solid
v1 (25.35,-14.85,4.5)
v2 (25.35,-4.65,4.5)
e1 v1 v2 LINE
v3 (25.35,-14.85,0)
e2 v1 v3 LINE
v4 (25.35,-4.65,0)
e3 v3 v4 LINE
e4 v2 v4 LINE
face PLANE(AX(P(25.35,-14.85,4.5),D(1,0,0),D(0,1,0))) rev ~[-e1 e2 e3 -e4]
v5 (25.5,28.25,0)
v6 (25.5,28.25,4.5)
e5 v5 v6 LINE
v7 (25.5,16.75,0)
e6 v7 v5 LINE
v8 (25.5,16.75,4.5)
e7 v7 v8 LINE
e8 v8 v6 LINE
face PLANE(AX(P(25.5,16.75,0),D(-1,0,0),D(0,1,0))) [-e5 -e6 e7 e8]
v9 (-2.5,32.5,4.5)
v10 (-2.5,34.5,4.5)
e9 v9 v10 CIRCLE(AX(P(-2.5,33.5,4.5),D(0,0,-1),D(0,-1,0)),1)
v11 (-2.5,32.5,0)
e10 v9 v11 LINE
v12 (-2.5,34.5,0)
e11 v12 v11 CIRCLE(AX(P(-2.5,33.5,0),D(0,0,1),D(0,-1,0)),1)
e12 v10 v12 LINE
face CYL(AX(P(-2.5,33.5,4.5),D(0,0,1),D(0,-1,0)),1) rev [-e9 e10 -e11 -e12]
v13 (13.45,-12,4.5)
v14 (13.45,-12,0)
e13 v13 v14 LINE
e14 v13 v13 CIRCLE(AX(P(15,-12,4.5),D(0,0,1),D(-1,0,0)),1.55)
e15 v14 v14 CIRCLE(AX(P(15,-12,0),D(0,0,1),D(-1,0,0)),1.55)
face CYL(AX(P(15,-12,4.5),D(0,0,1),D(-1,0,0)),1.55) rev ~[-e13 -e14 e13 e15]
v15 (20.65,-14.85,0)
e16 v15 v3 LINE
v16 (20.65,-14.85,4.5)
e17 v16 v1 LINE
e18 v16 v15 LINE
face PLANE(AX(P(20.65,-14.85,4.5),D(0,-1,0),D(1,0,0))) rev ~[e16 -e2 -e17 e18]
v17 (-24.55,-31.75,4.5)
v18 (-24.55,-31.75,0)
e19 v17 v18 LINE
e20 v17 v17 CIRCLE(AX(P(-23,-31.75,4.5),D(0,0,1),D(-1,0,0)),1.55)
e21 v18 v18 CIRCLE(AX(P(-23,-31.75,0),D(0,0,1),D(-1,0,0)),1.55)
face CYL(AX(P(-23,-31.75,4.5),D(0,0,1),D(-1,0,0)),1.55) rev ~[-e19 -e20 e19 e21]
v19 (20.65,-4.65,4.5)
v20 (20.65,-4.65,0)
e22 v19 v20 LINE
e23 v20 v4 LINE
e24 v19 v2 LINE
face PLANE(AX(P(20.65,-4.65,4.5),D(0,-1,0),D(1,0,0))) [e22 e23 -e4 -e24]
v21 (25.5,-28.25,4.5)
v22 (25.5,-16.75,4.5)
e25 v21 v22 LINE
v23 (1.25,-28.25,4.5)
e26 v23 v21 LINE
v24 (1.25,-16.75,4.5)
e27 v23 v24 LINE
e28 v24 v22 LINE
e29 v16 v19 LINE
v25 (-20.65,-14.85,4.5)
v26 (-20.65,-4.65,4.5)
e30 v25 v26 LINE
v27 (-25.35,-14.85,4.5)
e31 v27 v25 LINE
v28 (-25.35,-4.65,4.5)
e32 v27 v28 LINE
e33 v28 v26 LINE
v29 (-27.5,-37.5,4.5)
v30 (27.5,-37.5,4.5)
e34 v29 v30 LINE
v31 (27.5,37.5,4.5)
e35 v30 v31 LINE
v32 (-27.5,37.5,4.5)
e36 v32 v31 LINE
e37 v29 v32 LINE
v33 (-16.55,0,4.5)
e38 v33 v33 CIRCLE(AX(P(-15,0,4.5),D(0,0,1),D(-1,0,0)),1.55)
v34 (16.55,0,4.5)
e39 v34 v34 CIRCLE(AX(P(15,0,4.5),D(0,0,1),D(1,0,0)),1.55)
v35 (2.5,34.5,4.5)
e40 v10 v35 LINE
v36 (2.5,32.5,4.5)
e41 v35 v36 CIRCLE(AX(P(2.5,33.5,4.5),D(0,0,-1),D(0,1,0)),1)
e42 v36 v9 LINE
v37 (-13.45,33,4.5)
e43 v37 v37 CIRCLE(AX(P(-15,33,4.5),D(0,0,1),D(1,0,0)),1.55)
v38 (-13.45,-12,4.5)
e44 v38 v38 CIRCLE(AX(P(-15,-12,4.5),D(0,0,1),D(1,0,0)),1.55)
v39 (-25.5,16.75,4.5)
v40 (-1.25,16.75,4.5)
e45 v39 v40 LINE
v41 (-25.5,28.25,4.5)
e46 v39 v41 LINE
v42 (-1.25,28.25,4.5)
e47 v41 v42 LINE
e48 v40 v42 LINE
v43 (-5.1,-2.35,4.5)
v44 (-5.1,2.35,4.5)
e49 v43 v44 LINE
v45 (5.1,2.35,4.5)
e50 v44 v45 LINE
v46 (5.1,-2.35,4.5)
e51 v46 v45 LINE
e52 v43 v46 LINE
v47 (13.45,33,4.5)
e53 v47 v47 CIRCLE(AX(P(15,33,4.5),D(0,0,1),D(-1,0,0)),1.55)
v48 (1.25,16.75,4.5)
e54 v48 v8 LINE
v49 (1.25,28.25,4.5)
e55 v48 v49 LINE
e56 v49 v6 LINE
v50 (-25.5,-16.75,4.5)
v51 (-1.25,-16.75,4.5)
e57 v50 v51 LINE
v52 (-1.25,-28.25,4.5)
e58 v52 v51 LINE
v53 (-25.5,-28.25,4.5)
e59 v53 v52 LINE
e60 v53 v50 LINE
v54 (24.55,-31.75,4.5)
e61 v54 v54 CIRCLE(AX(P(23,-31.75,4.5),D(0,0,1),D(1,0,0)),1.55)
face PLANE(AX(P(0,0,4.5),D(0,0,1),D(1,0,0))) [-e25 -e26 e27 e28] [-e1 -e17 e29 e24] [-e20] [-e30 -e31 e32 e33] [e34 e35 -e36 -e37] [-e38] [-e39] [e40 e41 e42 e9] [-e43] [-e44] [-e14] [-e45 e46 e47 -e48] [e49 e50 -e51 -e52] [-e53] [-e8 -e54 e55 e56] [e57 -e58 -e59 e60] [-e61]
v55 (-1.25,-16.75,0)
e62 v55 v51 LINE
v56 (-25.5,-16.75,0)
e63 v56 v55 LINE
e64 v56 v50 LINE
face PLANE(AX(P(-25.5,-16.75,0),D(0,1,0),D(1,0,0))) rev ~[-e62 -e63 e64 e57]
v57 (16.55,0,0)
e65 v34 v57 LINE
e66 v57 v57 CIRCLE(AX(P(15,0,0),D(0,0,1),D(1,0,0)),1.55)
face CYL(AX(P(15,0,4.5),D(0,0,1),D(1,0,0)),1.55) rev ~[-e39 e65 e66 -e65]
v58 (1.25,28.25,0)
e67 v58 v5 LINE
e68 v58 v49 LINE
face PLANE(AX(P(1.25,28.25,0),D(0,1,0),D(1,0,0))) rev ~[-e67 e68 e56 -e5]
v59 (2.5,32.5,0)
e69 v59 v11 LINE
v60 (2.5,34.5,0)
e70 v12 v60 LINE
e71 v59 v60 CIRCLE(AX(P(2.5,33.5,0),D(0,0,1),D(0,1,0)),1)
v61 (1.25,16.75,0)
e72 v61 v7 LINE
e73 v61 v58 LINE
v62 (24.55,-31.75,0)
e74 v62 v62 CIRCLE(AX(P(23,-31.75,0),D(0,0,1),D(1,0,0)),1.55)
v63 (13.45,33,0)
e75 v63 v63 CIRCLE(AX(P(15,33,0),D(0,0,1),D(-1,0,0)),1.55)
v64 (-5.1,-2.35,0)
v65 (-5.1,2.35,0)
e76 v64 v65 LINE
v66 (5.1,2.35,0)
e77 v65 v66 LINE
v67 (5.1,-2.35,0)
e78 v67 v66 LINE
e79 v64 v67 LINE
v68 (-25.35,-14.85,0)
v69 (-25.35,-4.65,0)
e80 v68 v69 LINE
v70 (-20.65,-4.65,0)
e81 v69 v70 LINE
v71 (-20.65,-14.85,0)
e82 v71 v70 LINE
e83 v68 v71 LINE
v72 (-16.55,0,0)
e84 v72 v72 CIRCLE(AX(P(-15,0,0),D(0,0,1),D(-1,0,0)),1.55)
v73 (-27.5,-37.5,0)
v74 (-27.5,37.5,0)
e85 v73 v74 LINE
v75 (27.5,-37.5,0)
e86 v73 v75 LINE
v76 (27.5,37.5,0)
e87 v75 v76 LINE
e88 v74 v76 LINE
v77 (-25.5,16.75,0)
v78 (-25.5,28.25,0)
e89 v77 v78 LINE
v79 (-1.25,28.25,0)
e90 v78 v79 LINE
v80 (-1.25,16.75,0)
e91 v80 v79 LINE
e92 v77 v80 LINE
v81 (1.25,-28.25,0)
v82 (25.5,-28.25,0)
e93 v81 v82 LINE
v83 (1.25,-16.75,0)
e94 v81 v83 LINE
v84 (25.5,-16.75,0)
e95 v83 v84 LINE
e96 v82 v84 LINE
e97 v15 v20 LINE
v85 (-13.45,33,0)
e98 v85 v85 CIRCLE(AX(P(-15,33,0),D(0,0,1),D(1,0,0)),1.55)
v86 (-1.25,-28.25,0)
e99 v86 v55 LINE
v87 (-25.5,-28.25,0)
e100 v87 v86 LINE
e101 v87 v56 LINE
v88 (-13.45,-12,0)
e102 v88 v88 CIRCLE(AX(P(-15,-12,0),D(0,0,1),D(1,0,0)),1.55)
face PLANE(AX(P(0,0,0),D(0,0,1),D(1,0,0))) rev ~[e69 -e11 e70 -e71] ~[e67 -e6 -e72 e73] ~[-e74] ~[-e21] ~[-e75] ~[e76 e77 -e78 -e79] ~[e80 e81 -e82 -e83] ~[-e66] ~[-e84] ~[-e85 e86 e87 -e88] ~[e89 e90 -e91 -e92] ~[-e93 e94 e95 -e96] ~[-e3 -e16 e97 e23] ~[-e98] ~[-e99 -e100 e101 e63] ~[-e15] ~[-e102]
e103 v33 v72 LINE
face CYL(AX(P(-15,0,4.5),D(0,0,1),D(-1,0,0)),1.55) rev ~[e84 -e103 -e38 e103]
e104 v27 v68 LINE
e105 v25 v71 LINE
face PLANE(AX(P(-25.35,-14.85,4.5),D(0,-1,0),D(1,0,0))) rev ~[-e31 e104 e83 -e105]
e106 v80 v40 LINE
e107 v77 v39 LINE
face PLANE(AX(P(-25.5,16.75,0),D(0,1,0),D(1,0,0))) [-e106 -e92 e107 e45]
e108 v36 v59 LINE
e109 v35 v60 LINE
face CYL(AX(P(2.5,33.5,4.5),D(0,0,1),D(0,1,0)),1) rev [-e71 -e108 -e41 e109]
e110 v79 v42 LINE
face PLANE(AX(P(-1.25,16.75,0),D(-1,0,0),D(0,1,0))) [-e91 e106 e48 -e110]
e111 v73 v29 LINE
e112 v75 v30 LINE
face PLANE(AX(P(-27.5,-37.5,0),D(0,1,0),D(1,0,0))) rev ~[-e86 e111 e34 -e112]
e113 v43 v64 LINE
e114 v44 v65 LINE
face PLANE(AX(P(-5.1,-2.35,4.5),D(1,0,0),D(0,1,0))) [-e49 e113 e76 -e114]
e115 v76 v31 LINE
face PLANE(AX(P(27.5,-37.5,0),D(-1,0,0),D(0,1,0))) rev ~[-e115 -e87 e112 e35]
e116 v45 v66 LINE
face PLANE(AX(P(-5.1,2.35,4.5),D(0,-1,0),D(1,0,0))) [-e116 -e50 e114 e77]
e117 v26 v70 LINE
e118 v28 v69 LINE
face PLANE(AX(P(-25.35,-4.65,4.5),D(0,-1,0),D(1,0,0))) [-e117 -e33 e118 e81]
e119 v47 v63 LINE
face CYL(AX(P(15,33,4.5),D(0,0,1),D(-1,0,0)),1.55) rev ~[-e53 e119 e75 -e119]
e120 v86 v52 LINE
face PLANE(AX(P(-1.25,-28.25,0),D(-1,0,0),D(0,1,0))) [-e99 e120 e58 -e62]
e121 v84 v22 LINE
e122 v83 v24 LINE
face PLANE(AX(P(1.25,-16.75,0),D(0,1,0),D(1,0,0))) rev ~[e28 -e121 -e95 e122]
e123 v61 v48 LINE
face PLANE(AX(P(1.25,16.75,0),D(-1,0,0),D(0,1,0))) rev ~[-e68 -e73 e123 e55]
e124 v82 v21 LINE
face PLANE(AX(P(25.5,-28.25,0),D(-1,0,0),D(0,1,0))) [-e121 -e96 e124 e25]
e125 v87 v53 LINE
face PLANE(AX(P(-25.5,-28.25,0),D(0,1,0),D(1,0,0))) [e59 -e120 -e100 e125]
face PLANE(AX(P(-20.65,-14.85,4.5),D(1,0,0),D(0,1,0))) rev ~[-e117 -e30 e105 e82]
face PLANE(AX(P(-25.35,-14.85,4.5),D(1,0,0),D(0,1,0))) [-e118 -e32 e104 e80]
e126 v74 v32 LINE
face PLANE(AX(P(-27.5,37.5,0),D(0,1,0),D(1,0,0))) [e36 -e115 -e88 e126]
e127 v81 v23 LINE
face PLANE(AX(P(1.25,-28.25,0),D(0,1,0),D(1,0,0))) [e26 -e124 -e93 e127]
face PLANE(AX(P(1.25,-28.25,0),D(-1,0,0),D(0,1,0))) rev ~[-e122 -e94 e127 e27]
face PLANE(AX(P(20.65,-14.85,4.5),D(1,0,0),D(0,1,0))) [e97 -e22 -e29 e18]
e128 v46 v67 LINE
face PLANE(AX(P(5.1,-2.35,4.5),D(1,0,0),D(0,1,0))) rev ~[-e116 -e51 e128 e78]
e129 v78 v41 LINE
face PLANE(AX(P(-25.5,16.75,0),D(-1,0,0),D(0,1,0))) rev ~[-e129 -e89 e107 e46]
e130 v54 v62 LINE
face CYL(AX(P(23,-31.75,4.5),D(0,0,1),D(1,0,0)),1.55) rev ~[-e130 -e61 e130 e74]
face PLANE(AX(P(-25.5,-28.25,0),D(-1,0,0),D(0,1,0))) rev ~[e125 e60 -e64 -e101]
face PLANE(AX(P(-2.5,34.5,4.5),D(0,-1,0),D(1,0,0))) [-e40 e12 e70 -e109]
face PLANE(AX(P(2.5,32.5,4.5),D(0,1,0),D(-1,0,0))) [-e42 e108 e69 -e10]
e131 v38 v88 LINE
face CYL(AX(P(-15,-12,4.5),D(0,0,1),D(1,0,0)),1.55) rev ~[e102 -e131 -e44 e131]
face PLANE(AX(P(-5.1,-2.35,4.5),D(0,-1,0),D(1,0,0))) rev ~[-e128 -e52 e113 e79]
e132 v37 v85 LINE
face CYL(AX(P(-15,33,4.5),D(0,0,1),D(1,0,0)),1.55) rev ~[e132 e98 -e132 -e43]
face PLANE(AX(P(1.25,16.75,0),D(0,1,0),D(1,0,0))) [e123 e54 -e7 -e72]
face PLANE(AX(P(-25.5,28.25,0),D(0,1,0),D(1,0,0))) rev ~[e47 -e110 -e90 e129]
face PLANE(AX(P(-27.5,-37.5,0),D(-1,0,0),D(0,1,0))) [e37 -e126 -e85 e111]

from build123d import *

# Parameters (mm, degrees)
SKETCH1_W                 = 55
SKETCH1_H                 = 75
SKETCH1_W_2               = 24.25
SKETCH1_H_2               = 11.5
BOSS_EXTRUDE1_DEPTH       = 4.5
SKETCH2_R                 = 1.55
SCREWHOLES_DEPTH          = 47.719910103
SKETCH4_W                 = 10.2
SKETCH4_H                 = 4.7
MOUNTINGPLATETAB_DEPTH    = 47.719910103
SKETCH5_R                 = 1.55
SKETCH5_W                 = 4.7
SKETCH5_H                 = 10.2
BRACETABS_DEPTH           = 47.719910103
SKETCH8_R                 = 1.55
EXPANSIONSCREWHOLES_DEPTH = 47.719910103
CABLETIESLOT_DEPTH        = 47.719910103


with BuildPart() as part:
    # Sketch1 → Boss-Extrude1 (new body)
    with BuildSketch(Plane.XY):
        Rectangle(SKETCH1_W, SKETCH1_H)
        with Locations((-13.375, 22.5)):
            Rectangle(SKETCH1_W_2, SKETCH1_H_2, mode=Mode.SUBTRACT)
        with Locations((13.375, 22.5)):
            Rectangle(SKETCH1_W_2, SKETCH1_H_2, mode=Mode.SUBTRACT)
        with Locations((13.375, -22.5)):
            Rectangle(SKETCH1_W_2, SKETCH1_H_2, mode=Mode.SUBTRACT)
        with Locations((-13.375, -22.5)):
            Rectangle(SKETCH1_W_2, SKETCH1_H_2, mode=Mode.SUBTRACT)
    extrude(amount=BOSS_EXTRUDE1_DEPTH)

    # Sketch2 → screwHoles (cut, through all)
    with BuildSketch(Plane.XY.offset(4.5)):
        with Locations((-15, 33)):
            Circle(SKETCH2_R)
        with Locations(Location((15, 33, 0), (0, 0, 180))):
            Circle(SKETCH2_R)
        with Locations((15, 0)):
            Circle(SKETCH2_R)
        with Locations(Location((-15, 0, 0), (0, 0, 180))):
            Circle(SKETCH2_R)
    extrude(amount=-SCREWHOLES_DEPTH, mode=Mode.SUBTRACT)

    # Sketch4 → mountingPlateTab (cut, through all)
    with BuildSketch(Plane.XY.offset(4.5)):
        Rectangle(SKETCH4_W, SKETCH4_H)
    extrude(amount=-MOUNTINGPLATETAB_DEPTH, mode=Mode.SUBTRACT)

    # Sketch5 → BraceTabs (cut, through all)
    with BuildSketch(Plane.XY.offset(4.5)):
        with Locations((23, -31.75)):
            Circle(SKETCH5_R)
        with Locations(Location((-23, -31.75, 0), (0, 0, 180))):
            Circle(SKETCH5_R)
        with Locations((23, -9.75)):
            Rectangle(SKETCH5_W, SKETCH5_H)
        with Locations((-23, -9.75)):
            Rectangle(SKETCH5_W, SKETCH5_H)
    extrude(amount=-BRACETABS_DEPTH, mode=Mode.SUBTRACT)

    # Sketch8 → ExpansionScrewholes (cut, through all)
    with BuildSketch(Plane.XY.offset(4.5)):
        with Locations((-15, -12)):
            Circle(SKETCH8_R)
        with Locations(Location((15, -12, 0), (0, 0, 180))):
            Circle(SKETCH8_R)
    extrude(amount=-EXPANSIONSCREWHOLES_DEPTH, mode=Mode.SUBTRACT)

    # Sketch12 → CableTieSlot (cut, through all)
    with BuildSketch(Plane.XY.offset(4.5)):
        with BuildLine():
            Line((-2.5, 34.5), (2.5, 34.5))
            ThreePointArc((2.5, 34.5), (3.5, 33.5), (2.5, 32.5))
            Line((2.5, 32.5), (-2.5, 32.5))
            ThreePointArc((-2.5, 32.5), (-3.5, 33.5), (-2.5, 34.5))
        make_face()
    extrude(amount=-CABLETIESLOT_DEPTH, mode=Mode.SUBTRACT)


solid = part.part
